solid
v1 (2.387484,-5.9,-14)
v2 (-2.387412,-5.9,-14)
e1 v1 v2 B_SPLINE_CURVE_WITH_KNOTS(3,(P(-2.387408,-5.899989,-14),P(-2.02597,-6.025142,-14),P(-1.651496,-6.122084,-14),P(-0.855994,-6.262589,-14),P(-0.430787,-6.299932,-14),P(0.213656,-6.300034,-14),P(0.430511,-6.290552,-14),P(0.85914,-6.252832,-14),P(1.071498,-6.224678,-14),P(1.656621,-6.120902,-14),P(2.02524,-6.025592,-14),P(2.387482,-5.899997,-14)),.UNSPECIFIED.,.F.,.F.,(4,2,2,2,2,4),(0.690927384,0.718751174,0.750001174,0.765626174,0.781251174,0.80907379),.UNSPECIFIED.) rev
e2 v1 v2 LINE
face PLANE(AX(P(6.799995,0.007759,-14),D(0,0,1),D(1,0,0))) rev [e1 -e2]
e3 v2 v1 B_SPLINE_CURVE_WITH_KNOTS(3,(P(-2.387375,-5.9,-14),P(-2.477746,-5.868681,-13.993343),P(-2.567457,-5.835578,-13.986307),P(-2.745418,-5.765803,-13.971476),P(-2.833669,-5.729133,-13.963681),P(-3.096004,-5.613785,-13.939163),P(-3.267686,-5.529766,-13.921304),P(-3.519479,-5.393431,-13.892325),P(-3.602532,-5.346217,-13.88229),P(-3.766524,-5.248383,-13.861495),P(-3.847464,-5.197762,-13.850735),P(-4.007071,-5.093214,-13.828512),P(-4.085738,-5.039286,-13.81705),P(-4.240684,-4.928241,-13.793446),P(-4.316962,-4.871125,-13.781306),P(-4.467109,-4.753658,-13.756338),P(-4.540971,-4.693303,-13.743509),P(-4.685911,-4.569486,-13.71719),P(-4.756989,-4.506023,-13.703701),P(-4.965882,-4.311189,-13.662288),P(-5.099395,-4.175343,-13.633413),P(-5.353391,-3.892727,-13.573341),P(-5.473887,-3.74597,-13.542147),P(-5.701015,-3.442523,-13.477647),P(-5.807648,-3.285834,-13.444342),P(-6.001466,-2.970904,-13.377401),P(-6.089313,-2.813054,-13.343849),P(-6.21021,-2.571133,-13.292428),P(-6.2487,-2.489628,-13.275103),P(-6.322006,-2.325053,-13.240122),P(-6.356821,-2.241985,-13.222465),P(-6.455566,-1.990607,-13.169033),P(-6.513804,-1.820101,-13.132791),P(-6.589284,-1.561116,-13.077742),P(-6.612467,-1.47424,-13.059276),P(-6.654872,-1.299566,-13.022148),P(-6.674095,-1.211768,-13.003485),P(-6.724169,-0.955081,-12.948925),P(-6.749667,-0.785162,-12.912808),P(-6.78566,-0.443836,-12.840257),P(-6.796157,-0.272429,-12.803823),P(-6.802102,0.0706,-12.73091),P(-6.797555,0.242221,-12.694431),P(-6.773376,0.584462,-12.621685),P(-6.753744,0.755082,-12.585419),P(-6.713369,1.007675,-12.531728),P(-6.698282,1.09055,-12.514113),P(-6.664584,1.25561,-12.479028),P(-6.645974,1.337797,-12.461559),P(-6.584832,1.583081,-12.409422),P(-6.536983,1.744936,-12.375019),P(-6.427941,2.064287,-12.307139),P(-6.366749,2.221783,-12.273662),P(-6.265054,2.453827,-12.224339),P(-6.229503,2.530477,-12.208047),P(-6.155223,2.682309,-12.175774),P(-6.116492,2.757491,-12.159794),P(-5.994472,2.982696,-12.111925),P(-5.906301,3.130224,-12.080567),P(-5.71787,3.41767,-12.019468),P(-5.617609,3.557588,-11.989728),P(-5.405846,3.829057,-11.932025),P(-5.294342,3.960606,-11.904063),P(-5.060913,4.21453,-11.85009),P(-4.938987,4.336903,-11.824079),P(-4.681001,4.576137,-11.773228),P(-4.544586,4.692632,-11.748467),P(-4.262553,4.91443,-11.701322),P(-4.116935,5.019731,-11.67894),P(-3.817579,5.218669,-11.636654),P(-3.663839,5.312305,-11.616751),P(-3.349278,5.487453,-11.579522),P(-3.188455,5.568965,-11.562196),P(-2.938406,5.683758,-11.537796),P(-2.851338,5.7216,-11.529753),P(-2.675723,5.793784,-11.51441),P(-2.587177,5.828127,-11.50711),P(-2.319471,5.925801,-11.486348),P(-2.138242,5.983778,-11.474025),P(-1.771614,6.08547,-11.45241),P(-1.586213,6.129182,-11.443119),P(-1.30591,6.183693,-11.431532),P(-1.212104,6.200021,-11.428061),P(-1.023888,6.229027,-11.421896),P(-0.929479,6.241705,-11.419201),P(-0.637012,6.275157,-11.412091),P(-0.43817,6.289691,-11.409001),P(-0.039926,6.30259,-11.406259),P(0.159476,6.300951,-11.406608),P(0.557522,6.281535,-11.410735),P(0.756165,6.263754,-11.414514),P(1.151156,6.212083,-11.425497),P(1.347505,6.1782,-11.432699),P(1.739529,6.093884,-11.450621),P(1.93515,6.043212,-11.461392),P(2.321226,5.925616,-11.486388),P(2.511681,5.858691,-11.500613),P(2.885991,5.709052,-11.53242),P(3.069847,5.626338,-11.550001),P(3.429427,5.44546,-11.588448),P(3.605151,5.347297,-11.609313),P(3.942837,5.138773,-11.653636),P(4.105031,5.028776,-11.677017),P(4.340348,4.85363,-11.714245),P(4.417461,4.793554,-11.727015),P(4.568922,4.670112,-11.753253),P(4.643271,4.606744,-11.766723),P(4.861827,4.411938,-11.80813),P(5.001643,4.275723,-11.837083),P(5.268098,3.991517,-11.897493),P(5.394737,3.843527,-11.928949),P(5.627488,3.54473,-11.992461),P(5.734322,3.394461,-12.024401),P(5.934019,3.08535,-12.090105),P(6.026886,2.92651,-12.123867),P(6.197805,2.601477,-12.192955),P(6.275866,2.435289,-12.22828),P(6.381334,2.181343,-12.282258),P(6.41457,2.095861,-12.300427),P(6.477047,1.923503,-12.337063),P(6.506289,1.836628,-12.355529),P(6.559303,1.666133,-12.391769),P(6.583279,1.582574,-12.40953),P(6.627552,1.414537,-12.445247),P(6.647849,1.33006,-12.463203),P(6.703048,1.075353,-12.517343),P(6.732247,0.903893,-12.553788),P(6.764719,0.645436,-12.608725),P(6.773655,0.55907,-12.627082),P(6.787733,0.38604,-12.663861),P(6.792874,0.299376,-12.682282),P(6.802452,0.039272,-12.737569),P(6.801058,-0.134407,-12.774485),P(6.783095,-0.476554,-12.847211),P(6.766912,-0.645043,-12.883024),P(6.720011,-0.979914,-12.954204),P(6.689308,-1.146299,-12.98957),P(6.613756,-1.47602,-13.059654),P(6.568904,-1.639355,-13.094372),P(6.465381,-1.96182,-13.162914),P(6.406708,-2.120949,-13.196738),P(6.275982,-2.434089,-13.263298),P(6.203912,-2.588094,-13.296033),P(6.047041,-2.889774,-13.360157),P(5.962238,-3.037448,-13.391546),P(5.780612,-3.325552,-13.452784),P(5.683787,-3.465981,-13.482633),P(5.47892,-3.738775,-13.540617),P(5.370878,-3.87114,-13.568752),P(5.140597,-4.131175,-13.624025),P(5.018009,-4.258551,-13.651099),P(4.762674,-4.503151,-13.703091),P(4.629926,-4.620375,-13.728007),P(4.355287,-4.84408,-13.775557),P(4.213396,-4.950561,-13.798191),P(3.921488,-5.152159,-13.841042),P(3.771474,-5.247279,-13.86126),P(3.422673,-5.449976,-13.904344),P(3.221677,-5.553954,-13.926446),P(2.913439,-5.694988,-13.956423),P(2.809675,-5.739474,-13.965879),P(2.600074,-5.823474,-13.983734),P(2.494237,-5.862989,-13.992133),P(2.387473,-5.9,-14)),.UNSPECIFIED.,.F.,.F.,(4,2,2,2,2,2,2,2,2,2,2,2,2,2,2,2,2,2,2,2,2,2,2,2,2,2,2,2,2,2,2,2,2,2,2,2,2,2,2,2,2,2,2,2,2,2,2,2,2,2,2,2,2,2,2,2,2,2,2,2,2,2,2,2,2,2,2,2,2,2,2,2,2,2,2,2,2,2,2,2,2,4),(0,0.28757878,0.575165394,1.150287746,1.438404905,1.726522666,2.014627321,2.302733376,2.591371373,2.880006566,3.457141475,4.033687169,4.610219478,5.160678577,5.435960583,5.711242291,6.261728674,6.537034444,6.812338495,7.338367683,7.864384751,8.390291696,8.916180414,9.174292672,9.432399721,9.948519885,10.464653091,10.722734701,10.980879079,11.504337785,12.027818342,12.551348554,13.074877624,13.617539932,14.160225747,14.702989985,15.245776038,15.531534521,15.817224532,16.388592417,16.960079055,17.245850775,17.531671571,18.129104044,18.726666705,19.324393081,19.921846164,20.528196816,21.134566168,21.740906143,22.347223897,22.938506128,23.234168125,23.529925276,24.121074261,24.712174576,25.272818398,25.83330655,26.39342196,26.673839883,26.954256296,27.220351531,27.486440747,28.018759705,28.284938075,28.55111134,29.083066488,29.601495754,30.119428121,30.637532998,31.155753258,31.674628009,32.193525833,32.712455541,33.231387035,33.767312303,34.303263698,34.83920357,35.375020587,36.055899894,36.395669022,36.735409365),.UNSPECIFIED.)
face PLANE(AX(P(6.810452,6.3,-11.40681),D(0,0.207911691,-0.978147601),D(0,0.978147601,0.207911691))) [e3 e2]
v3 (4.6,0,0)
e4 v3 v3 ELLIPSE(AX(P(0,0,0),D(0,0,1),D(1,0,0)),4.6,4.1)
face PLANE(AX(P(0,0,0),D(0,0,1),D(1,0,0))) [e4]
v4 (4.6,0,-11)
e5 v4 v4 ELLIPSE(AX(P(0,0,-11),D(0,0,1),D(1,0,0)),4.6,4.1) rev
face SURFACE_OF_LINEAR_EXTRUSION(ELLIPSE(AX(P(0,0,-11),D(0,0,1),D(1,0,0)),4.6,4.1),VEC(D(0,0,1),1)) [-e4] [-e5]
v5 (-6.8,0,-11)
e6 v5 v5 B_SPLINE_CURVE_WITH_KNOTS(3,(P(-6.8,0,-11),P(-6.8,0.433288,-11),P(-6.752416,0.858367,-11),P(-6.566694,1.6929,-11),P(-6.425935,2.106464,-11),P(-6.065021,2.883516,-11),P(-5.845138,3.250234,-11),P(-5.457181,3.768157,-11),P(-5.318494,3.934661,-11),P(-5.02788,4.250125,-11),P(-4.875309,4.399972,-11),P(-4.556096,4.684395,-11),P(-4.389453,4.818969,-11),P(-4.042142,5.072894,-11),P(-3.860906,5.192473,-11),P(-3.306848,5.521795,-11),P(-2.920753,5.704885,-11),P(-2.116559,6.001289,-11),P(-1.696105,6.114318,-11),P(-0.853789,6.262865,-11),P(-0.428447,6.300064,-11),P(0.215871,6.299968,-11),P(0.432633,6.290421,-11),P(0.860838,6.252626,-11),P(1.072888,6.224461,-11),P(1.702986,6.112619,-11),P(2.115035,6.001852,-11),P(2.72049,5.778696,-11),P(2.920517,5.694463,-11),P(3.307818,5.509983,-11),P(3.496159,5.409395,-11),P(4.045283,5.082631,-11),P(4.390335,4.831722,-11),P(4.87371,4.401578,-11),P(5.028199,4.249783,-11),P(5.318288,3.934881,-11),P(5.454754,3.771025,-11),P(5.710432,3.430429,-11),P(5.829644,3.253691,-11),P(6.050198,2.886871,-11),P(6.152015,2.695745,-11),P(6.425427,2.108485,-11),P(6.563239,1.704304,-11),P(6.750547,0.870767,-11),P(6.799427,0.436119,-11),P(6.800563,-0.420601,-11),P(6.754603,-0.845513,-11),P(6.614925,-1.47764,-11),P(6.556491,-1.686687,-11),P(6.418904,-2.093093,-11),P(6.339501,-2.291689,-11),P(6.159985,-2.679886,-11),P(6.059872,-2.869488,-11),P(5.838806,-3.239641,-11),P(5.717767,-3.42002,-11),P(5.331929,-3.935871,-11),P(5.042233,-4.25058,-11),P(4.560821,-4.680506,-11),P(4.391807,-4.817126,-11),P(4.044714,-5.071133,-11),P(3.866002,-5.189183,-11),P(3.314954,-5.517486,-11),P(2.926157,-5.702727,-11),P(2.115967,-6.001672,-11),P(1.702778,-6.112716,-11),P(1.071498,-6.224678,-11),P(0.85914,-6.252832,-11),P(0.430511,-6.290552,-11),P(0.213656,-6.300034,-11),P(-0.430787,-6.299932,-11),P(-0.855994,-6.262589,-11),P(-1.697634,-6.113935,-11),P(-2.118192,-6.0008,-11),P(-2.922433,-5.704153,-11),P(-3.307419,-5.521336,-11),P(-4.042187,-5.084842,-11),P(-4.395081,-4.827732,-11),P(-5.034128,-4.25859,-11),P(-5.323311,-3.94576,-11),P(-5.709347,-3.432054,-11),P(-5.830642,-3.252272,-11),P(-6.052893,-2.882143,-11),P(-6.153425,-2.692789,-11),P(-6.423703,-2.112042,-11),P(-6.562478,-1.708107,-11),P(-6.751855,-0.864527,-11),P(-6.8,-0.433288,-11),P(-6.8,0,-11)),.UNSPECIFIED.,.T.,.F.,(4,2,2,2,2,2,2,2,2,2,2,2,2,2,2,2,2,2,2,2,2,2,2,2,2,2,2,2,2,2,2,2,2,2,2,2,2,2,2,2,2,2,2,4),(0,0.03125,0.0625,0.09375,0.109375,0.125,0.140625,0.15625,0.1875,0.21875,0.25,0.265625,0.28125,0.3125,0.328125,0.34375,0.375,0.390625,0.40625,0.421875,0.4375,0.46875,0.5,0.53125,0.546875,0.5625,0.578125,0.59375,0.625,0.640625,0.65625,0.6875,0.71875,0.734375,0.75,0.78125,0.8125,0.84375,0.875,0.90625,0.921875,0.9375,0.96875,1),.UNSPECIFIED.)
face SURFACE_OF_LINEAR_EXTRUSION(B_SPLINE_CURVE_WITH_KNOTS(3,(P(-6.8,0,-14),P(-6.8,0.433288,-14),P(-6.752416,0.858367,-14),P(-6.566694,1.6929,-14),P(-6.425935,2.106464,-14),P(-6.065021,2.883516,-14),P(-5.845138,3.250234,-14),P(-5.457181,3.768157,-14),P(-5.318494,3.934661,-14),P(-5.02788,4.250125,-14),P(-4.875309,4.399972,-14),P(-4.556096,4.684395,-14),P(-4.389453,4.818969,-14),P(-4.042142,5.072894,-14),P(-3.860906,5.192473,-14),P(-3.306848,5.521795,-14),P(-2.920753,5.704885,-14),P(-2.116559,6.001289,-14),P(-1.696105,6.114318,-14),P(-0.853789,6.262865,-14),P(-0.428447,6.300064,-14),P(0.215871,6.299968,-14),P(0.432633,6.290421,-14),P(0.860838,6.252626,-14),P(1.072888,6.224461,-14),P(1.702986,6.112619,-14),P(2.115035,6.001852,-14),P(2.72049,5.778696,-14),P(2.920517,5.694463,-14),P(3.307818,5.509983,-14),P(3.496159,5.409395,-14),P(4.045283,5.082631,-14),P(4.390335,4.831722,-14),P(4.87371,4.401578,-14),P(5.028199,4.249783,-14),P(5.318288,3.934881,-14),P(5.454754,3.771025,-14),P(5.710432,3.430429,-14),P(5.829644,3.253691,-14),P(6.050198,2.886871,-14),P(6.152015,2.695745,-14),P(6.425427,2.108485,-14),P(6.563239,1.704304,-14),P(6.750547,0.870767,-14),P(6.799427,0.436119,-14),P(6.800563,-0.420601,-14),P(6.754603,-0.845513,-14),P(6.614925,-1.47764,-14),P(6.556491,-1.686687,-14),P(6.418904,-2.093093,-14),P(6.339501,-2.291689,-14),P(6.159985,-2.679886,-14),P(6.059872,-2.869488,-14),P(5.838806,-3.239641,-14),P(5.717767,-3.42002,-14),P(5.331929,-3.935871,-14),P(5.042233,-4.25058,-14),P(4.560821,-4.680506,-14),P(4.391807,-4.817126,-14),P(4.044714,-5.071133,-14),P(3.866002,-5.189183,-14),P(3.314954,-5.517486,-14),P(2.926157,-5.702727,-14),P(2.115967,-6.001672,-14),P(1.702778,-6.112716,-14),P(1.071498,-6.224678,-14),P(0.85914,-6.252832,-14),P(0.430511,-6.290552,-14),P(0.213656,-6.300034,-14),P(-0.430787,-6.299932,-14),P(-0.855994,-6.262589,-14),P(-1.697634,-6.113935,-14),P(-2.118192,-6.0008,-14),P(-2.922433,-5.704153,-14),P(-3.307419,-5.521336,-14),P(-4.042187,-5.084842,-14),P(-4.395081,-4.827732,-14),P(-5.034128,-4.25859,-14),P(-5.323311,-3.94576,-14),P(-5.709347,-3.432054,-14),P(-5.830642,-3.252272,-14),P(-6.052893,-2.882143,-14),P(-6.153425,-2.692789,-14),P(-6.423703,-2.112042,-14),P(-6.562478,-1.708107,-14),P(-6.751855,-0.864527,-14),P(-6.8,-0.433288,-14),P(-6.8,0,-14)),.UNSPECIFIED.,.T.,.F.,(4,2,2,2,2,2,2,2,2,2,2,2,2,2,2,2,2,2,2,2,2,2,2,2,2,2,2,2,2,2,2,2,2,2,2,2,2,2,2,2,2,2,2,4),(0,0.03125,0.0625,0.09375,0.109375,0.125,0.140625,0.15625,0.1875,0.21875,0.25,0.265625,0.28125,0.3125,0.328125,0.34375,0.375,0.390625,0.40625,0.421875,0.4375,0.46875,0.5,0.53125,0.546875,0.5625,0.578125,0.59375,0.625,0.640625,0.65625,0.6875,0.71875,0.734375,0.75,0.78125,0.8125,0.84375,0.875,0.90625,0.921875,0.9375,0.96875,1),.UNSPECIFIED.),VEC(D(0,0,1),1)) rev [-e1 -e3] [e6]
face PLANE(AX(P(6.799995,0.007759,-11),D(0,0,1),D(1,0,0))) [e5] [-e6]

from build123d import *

# Parameters (mm, degrees)
ESQUISSE1_RX                 = 4.6
ESQUISSE1_RY                 = 4.1
BOSS_EXTRU_1_DEPTH           = 11
BOSS_EXTRU_2_DEPTH           = 3
ENL_V_MAT_EXTRU_1_DEPTH      = 17.790771458
ENL_V_MAT_EXTRU_1_DEPTH_BACK = 17.790771458


with BuildPart() as part:
    # Esquisse1 → Boss.-Extru.1 (new body)
    with BuildSketch(Plane.XY):
        with Locations((0, 0)):
            Ellipse(ESQUISSE1_RX, ESQUISSE1_RY)
    extrude(amount=-BOSS_EXTRU_1_DEPTH)

    # Esquisse2 → Boss.-Extru.2 (add)
    with BuildSketch(Plane(origin=(0, 0, -11), x_dir=(-1, 0, 0), z_dir=(0, 0, -1))):
        with BuildLine():
            add(Edge.make_bspline(
                [(6.8, 0), (6.8, 0.433288327), (6.752416239, 0.858366789), (6.5666935, 1.692899769), (6.425934966, 2.106464325), (6.065020779, 2.883515965), (5.845137822, 3.250234304), (5.457181249, 3.768157398), (5.318494152, 3.934660752), (5.027880252, 4.250125249), (4.875308752, 4.399972444), (4.556095583, 4.684394861), (4.389452723, 4.818968789), (4.042142028, 5.072893725), (3.860906146, 5.192472577), (3.306847789, 5.521794629), (2.920753337, 5.704885096), (2.116559382, 6.001289009), (1.696105458, 6.114317588), (0.853788781, 6.2628653), (0.428447413, 6.300064), (-0.215870939, 6.299967877), (-0.432632939, 6.290421243), (-0.860837611, 6.252626457), (-1.072888229, 6.224461454), (-1.702985778, 6.112619152), (-2.115035347, 6.001851771), (-2.720489724, 5.778696269), (-2.920517322, 5.694463053), (-3.307818383, 5.50998341), (-3.496159395, 5.409395212), (-4.045283112, 5.082631454), (-4.390334913, 4.831721536), (-4.873709908, 4.401578319), (-5.028199131, 4.249783181), (-5.318287954, 3.934880502), (-5.454754363, 3.771024564), (-5.710431524, 3.430429088), (-5.82964407, 3.253690889), (-6.050197932, 2.886871284), (-6.152014572, 2.69574531), (-6.425426988, 2.108484543), (-6.563239477, 1.704303519), (-6.750546991, 0.870766929), (-6.799427143, 0.436118566), (-6.800562574, -0.42060076), (-6.754602825, -0.845513068), (-6.614925469, -1.477640364), (-6.556491495, -1.686687236), (-6.418904109, -2.093093303), (-6.339500684, -2.291688747), (-6.159985006, -2.679886214), (-6.059871692, -2.869487776), (-5.838806436, -3.239641109), (-5.717766972, -3.420020335), (-5.331928585, -3.935871069), (-5.042233044, -4.250579864), (-4.560821108, -4.680506416), (-4.391806978, -4.817125956), (-4.044714464, -5.071132856), (-3.866002277, -5.189182606), (-3.314953555, -5.51748578), (-2.926157447, -5.702727312), (-2.115966571, -6.001672497), (-1.702778456, -6.112716045), (-1.071497529, -6.22467815), (-0.859140211, -6.252832392), (-0.430510974, -6.290551917), (-0.21365601, -6.300033709), (0.430786667, -6.299932309), (0.855993728, -6.26258887), (1.697634428, -6.11393502), (2.118192056, -6.000800114), (2.922433378, -5.70415255), (3.307418609, -5.521335965), (4.04218654, -5.084841779), (4.395081493, -4.827732104), (5.034128485, -4.258589957), (5.323310943, -3.945760174), (5.709346895, -3.432054044), (5.830642186, -3.25227207), (6.052893136, -2.882143426), (6.153424658, -2.692788699), (6.423703376, -2.112042029), (6.562478315, -1.708106747), (6.751855355, -0.864527395), (6.8, -0.433288327), (6.8, 0)],
                knots=[0, 0, 0, 0, 0.03125, 0.03125, 0.0625, 0.0625, 0.09375, 0.09375, 0.109375, 0.109375, 0.125, 0.125, 0.140625, 0.140625, 0.15625, 0.15625, 0.1875, 0.1875, 0.21875, 0.21875, 0.25, 0.25, 0.265625, 0.265625, 0.28125, 0.28125, 0.3125, 0.3125, 0.328125, 0.328125, 0.34375, 0.34375, 0.375, 0.375, 0.390625, 0.390625, 0.40625, 0.40625, 0.421875, 0.421875, 0.4375, 0.4375, 0.46875, 0.46875, 0.5, 0.5, 0.53125, 0.53125, 0.546875, 0.546875, 0.5625, 0.5625, 0.578125, 0.578125, 0.59375, 0.59375, 0.625, 0.625, 0.640625, 0.640625, 0.65625, 0.65625, 0.6875, 0.6875, 0.71875, 0.71875, 0.734375, 0.734375, 0.75, 0.75, 0.78125, 0.78125, 0.8125, 0.8125, 0.84375, 0.84375, 0.875, 0.875, 0.90625, 0.90625, 0.921875, 0.921875, 0.9375, 0.9375, 0.96875, 0.96875, 1, 1, 1, 1], degree=3))
        make_face()
    extrude(amount=BOSS_EXTRU_2_DEPTH)

    # Esquisse3 → Enlèv. mat.-Extru.1 (cut, two sides: drawn at the far end of the back side and taken through both)
    with BuildSketch(Plane(origin=(0, 0, 0), x_dir=(0, 0, -1), z_dir=(1, 0, 0)).offset(-ENL_V_MAT_EXTRU_1_DEPTH_BACK)):
        Polygon((14, 6.300000001), (11.406809962, 6.300000001), (14, -5.89999993), align=None)
    extrude(amount=ENL_V_MAT_EXTRU_1_DEPTH + ENL_V_MAT_EXTRU_1_DEPTH_BACK, mode=Mode.SUBTRACT)


solid = part.part
